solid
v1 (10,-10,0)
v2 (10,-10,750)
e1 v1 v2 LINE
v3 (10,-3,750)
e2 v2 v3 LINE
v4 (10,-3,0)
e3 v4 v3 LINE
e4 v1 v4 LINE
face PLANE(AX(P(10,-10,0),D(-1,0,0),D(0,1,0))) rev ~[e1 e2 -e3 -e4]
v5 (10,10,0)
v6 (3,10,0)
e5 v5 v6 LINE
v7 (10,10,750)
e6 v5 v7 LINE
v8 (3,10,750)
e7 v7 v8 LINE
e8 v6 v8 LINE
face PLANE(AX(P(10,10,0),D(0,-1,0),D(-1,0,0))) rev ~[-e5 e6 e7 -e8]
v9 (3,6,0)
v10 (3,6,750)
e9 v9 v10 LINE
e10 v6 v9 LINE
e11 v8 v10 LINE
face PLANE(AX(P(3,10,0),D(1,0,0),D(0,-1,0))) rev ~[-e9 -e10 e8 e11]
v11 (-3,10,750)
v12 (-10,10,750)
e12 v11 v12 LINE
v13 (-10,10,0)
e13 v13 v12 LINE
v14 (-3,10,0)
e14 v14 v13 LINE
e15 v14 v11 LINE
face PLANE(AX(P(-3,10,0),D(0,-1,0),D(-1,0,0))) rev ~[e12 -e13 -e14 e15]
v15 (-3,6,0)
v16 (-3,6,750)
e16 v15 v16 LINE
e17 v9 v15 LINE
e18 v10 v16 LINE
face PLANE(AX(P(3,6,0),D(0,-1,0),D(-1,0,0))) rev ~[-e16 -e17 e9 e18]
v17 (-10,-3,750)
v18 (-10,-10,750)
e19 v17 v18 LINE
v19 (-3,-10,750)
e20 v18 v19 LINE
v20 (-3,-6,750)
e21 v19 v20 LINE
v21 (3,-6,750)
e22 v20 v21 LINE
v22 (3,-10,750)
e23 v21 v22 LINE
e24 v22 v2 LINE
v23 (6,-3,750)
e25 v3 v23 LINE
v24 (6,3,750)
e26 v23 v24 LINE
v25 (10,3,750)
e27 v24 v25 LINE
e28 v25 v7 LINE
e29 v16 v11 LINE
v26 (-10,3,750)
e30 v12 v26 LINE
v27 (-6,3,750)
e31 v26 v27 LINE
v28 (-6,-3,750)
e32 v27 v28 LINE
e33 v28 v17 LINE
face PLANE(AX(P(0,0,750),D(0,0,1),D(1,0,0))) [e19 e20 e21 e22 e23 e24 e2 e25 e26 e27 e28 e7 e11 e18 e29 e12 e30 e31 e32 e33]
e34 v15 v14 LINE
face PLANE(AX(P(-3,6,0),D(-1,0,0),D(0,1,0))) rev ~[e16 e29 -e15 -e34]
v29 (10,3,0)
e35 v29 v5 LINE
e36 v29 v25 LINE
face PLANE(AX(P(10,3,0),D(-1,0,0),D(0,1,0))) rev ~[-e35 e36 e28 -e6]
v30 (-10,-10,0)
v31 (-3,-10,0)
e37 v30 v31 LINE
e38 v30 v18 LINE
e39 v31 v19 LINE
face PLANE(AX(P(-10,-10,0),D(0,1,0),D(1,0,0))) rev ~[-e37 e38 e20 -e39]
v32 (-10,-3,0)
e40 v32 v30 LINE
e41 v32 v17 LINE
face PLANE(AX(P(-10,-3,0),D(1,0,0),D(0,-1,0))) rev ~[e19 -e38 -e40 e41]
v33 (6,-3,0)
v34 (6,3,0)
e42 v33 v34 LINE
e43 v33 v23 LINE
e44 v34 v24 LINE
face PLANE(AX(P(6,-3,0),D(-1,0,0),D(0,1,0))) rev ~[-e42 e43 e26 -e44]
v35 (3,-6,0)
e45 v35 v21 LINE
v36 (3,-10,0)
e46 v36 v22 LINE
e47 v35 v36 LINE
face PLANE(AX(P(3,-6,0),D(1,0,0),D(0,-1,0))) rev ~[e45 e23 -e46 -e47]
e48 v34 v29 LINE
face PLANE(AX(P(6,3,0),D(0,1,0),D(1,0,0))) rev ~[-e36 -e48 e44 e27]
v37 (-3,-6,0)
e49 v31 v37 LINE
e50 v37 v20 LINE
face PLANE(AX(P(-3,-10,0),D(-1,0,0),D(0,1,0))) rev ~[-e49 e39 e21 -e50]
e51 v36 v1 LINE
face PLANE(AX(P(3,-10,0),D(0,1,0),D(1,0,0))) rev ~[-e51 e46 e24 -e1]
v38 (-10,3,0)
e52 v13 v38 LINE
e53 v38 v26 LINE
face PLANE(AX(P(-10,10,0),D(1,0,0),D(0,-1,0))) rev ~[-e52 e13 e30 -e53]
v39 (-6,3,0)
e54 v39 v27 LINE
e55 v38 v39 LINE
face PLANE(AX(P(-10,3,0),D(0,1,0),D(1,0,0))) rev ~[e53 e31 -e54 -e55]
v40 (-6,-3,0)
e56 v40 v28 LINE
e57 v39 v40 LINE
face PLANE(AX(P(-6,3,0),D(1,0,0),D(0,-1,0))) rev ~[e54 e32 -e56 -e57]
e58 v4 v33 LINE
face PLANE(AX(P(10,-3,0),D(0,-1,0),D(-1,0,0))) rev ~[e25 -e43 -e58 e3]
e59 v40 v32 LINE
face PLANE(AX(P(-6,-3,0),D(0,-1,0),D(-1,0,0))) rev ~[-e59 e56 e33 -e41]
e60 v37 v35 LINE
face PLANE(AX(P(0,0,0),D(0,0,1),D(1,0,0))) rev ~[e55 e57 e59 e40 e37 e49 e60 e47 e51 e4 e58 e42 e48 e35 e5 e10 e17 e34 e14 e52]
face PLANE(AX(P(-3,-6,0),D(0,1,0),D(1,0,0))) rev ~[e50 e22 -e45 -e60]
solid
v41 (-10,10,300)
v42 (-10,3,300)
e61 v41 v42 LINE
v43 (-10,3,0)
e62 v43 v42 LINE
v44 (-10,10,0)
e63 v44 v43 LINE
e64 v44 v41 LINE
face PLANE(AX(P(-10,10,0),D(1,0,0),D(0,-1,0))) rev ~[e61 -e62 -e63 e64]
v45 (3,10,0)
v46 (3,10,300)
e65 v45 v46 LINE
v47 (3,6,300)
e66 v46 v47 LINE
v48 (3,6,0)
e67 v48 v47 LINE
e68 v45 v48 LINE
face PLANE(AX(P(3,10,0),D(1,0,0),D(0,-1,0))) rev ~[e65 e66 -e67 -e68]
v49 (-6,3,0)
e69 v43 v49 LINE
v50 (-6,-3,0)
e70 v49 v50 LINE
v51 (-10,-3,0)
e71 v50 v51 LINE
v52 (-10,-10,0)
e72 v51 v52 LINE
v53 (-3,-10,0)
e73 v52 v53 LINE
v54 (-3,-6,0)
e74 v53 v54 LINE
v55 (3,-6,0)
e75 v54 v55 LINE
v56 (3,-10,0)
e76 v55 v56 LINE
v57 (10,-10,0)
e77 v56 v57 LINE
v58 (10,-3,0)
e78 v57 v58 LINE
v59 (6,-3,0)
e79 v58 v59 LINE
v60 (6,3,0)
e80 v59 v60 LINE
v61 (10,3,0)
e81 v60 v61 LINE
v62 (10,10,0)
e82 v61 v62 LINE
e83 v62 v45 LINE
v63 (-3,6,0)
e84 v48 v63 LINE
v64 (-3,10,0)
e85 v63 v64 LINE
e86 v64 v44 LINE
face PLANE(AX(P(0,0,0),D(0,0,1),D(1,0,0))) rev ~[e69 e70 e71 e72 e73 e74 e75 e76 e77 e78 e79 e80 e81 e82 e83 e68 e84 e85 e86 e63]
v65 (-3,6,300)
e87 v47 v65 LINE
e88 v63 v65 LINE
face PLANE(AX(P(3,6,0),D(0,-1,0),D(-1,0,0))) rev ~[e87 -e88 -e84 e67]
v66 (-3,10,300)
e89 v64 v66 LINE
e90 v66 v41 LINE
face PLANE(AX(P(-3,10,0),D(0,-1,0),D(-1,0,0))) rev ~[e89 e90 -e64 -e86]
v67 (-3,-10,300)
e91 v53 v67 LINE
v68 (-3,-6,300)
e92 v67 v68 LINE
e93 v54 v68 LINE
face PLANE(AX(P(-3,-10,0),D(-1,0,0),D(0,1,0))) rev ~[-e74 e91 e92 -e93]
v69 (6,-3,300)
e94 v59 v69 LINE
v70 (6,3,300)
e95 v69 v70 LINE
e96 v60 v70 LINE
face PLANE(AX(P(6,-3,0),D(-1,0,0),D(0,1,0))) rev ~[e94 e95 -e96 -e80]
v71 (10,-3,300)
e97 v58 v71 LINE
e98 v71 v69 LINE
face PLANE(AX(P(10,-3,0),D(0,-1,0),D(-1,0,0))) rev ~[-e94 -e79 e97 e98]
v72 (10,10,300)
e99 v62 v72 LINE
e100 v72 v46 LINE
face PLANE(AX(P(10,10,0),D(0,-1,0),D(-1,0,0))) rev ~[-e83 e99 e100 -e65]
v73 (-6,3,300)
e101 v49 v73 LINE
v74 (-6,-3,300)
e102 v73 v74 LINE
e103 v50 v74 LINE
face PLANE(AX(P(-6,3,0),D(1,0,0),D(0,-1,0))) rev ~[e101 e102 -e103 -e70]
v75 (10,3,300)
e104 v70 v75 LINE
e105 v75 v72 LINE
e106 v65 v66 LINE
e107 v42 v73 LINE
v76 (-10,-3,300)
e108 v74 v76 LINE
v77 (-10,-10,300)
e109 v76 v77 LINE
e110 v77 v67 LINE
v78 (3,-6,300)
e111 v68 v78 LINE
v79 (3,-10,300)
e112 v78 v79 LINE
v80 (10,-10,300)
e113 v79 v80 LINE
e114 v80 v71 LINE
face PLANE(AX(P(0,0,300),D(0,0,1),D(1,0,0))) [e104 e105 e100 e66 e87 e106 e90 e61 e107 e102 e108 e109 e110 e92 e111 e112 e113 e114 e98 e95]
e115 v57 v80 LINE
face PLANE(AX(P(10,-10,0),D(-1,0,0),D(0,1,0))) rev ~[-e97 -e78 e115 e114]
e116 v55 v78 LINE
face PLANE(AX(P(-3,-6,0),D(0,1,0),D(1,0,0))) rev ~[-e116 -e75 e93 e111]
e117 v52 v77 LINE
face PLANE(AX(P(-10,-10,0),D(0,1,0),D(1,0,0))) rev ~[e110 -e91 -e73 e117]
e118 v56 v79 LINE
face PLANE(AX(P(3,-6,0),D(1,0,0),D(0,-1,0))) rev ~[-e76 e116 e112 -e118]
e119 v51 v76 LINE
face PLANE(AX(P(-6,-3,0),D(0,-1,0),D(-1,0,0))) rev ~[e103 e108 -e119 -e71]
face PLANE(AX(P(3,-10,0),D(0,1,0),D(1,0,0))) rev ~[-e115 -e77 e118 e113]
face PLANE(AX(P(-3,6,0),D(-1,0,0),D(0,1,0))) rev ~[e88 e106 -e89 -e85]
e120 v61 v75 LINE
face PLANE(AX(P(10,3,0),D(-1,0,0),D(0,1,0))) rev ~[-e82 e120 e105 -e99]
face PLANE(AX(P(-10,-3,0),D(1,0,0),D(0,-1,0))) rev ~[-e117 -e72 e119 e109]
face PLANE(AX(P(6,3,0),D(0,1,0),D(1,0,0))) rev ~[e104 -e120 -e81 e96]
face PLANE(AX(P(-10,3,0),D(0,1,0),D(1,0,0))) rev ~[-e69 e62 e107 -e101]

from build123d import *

# Parameters (mm, degrees)
F1_DEPTH = 750
F2_DEPTH = 300


with BuildPart() as f1:
    # F0 (on Top) → F1 (new body)
    with BuildSketch(Plane.XY):
        Polygon((3, -10), (10, -10), (10, -3), (6, -3), (6, 3), (10, 3), (10, 10), (3, 10), (3, 6), (-3, 6), (-3, 10), (-10, 10), (-10, 3), (-6, 3), (-6, -3), (-10, -3), (-10, -10), (-3, -10), (-3, -6), (3, -6), align=None)
    extrude(amount=F1_DEPTH)


with BuildPart() as f2:
    # F0 (on Top) → F2 (new body)
    with BuildSketch(Plane.XY):
        Polygon((3, -10), (10, -10), (10, -3), (6, -3), (6, 3), (10, 3), (10, 10), (3, 10), (3, 6), (-3, 6), (-3, 10), (-10, 10), (-10, 3), (-6, 3), (-6, -3), (-10, -3), (-10, -10), (-3, -10), (-3, -6), (3, -6), align=None)
    extrude(amount=F2_DEPTH)


solid = Compound([f1.part, f2.part])
